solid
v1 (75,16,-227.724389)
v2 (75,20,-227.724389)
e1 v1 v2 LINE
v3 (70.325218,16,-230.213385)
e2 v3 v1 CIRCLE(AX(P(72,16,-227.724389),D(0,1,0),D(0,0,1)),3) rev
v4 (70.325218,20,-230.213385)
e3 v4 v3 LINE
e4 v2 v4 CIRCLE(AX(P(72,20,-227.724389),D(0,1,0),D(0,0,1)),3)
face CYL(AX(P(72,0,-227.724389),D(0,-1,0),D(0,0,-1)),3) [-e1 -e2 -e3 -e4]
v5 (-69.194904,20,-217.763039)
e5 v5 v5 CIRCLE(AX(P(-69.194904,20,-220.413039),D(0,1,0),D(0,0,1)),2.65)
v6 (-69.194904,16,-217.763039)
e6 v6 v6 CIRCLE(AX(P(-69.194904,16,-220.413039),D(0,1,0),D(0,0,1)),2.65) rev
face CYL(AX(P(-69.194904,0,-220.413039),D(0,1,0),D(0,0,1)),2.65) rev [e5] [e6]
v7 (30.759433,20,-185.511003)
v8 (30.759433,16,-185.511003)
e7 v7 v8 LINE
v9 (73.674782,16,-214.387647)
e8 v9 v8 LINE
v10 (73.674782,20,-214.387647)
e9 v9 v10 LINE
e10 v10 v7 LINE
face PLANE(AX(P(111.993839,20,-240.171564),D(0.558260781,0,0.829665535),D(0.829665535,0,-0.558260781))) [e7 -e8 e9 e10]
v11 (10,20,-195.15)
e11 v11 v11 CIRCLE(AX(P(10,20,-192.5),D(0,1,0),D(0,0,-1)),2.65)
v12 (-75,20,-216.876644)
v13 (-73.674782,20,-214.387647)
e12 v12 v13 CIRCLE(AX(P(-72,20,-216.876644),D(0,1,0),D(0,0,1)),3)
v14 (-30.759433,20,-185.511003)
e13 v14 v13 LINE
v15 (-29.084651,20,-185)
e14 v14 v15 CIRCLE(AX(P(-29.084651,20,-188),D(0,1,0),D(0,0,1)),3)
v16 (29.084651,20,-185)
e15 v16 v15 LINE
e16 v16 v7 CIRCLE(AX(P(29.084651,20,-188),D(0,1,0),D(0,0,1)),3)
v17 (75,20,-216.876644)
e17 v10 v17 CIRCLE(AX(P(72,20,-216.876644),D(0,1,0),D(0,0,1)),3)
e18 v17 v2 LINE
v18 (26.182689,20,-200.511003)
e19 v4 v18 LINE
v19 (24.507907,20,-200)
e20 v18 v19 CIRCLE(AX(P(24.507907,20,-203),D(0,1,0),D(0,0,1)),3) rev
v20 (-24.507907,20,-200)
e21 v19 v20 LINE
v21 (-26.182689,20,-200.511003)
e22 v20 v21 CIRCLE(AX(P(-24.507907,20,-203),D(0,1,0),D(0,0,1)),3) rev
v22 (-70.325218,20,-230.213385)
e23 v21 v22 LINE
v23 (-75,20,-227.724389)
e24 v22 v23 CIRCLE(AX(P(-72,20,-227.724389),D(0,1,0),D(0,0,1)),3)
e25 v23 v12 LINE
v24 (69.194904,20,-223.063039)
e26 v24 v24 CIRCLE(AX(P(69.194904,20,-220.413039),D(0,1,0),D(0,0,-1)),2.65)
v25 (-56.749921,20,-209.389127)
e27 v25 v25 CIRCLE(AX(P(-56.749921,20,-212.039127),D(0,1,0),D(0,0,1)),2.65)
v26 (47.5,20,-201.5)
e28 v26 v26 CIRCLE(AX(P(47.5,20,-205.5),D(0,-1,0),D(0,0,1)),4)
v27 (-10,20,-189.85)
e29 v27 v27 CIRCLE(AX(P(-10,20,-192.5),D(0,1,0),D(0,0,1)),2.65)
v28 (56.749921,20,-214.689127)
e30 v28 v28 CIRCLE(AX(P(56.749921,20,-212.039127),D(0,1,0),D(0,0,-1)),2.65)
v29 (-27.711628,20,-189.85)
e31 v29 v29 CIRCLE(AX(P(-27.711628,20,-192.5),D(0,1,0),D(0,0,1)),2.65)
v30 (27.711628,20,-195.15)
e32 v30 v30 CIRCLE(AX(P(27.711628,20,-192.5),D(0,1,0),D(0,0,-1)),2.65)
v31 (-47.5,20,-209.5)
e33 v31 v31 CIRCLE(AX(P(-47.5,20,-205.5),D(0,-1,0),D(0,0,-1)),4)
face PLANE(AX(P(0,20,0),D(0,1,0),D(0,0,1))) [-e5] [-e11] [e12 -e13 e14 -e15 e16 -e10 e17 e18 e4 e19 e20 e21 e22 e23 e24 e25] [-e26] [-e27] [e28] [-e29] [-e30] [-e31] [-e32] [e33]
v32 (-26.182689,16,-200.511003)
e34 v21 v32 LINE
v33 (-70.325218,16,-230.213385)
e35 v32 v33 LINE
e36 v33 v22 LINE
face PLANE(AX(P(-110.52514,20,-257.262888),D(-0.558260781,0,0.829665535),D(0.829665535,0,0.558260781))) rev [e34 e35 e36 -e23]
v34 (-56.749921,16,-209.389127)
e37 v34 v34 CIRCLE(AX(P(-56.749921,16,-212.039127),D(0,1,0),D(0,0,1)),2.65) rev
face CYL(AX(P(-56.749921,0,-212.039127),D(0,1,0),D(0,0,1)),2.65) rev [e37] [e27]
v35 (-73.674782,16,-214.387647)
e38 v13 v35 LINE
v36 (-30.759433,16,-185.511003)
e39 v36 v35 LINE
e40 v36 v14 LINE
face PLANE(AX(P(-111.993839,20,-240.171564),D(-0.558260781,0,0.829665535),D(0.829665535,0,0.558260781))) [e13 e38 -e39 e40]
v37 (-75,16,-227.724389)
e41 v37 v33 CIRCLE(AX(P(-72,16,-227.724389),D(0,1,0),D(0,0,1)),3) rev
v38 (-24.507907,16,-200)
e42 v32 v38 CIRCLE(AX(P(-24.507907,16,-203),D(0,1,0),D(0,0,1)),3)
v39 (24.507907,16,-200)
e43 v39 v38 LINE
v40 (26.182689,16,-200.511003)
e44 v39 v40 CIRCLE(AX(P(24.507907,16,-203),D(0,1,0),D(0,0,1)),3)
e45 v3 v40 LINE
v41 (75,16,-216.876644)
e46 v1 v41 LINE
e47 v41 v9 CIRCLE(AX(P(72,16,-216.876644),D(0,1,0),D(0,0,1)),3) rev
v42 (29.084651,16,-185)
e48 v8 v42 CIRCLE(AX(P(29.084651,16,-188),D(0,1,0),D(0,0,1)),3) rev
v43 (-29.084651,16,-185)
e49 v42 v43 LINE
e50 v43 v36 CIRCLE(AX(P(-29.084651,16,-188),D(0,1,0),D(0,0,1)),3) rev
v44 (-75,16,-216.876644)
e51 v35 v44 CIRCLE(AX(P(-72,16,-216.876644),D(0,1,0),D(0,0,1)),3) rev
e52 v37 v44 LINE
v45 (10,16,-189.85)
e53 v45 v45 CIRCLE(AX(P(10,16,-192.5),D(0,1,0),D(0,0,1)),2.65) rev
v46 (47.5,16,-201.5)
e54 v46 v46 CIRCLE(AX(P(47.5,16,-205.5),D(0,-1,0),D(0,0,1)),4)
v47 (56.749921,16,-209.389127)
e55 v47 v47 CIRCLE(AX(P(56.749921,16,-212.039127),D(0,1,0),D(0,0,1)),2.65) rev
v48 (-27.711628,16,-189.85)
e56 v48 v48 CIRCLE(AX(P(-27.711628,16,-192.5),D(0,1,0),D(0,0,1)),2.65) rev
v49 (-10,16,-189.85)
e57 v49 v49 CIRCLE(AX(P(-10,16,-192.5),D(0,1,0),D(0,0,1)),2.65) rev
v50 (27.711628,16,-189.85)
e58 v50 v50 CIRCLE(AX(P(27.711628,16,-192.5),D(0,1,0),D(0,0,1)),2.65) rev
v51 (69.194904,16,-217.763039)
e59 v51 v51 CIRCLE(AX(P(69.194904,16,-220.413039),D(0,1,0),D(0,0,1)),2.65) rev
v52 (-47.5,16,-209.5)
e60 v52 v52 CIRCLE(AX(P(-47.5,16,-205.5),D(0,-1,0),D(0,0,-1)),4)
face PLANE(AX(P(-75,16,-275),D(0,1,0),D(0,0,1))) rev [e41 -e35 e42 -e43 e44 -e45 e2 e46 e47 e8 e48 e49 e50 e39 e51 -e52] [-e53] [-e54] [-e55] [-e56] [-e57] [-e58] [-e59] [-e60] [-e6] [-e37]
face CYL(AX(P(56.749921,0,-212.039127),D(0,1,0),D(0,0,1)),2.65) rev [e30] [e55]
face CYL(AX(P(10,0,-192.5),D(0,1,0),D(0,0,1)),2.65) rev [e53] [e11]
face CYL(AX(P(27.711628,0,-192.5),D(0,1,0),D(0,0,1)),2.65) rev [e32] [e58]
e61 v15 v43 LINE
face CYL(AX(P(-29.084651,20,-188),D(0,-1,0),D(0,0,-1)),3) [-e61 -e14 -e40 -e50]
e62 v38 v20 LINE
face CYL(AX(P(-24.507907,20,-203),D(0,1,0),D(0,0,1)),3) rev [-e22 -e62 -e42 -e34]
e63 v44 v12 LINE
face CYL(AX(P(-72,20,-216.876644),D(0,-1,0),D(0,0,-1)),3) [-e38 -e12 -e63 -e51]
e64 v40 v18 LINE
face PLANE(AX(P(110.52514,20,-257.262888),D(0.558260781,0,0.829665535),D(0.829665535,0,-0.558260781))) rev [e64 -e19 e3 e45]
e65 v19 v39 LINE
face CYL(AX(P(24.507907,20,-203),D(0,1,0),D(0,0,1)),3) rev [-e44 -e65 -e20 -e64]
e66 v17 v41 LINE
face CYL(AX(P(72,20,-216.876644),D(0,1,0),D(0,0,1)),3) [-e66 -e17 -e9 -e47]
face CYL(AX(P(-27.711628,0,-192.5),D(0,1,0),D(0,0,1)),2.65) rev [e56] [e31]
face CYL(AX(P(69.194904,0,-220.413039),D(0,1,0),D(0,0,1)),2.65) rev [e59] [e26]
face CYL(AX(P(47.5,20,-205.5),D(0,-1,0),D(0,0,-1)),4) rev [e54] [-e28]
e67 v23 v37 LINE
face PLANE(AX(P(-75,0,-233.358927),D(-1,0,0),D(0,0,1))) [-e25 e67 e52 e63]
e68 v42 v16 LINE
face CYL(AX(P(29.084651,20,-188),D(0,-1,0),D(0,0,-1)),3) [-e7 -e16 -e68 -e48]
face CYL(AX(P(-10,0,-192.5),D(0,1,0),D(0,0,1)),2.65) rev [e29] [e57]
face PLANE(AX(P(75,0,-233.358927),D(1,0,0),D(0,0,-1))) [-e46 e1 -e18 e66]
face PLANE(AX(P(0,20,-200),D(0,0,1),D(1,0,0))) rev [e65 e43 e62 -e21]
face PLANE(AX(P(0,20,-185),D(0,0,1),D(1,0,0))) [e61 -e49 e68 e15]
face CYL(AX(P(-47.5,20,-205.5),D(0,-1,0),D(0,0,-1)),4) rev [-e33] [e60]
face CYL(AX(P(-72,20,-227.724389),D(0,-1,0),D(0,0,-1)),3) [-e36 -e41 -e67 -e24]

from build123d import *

# Parameters (mm, degrees)
SKETCH_1_R               = 275
SKETCH_1_R_2             = 255
EXTRUDE_1_DEPTH          = 10
EXTRUDE_2_DEPTH          = 10
SKETCH_8_R               = 2.65
SKETCH_8_R_2             = 1.65
SKETCH_8_R_3             = 2.15
CUT_EXTRUDE_1_DEPTH      = 21
SKETCH_9_OUTSIDE_W       = 707.614
SKETCH_9_OUTSIDE_H       = 707.614
CUT_EXTRUDE_2_DEPTH      = 21
SKETCH_10_W              = 150
SKETCH_10_H              = 32
CUT_EXTRUDE_3_DEPTH      = 91
SKETCH_11_R              = 275
SKETCH_11_R_2            = 255
CUT_EXTRUDE_4_DEPTH      = 11
CUT_EXTRUDE_4_DEPTH_BACK = 11
FILLET_1_R               = 3
SKETCH_13_R              = 4
CUT_EXTRUDE_6_DEPTH      = 5


with BuildPart() as part:
    # 草图1 → 凸台-拉伸1 (new body)
    with BuildSketch(Plane(origin=(0, 0, 0), x_dir=(1, 0, 0), z_dir=(0, 1, 0))):
        Circle(SKETCH_1_R)
        Circle(SKETCH_1_R_2, mode=Mode.SUBTRACT)
    extrude(amount=EXTRUDE_1_DEPTH)

    # 草图11 → 切除-拉伸4 (cut, two sides)
    with BuildSketch(Plane(origin=(0, 10, 0), x_dir=(1, 0, 0), z_dir=(0, 1, 0))) as cut_extrude_4_sk:
        Circle(SKETCH_11_R)
        Circle(SKETCH_11_R_2, mode=Mode.SUBTRACT)
    extrude(amount=CUT_EXTRUDE_4_DEPTH, mode=Mode.SUBTRACT)
    extrude(cut_extrude_4_sk.sketch, amount=-CUT_EXTRUDE_4_DEPTH_BACK, mode=Mode.SUBTRACT)


with BuildPart() as body_2:
    # 草图2 → 凸台-拉伸2 (new body)
    with BuildSketch(Plane(origin=(0, 10, 0), x_dir=(1, 0, 0), z_dir=(0, 1, 0))):
        with BuildLine():
            Line((-110.525139894, 257.262887824), (-25.423255477, 200))
            Line((-25.423255477, 200), (0, 200))
            Line((0, 200), (25.423255477, 200))
            Line((25.423255477, 200), (110.525139894, 257.262887824))
            ThreePointArc((110.525139894, 257.262887824), (197.989898732, 197.989898732), (257.262887824, 110.525139894))
            Line((257.262887824, 110.525139894), (200, 25.423255477))
            Line((200, 25.423255477), (200, 0))
            Line((200, 0), (200, -25.423255477))
            Line((200, -25.423255477), (257.262887824, -110.525139894))
            ThreePointArc((257.262887824, -110.525139894), (197.989898732, -197.989898732), (110.525139894, -257.262887824))
            Line((110.525139894, -257.262887824), (25.423255477, -200))
            Line((25.423255477, -200), (0, -200))
            Line((0, -200), (-25.423255477, -200))
            Line((-25.423255477, -200), (-110.525139894, -257.262887824))
            ThreePointArc((-110.525139894, -257.262887824), (-197.989898732, -197.989898732), (-257.262887824, -110.525139894))
            Line((-257.262887824, -110.525139894), (-200, -25.423255477))
            Line((-200, -25.423255477), (-200, 25.423255477))
            Line((-200, 25.423255477), (-257.262887824, 110.525139894))
            ThreePointArc((-257.262887824, 110.525139894), (-197.989898732, 197.989898732), (-110.525139894, 257.262887824))
        make_face()
        with BuildLine():
            Line((0, 185), (30, 185))
            Line((30, 185), (111.993839361, 240.171563565))
            ThreePointArc((111.993839361, 240.171563565), (187.383297014, 187.383297014), (240.171563565, 111.993839361))
            Line((240.171563565, 111.993839361), (185, 30))
            Line((185, 30), (185, 0))
            Line((185, 0), (185, -30))
            Line((185, -30), (240.171563565, -111.993839361))
            ThreePointArc((240.171563565, -111.993839361), (187.383297014, -187.383297014), (111.993839361, -240.171563565))
            Line((111.993839361, -240.171563565), (30, -185))
            Line((30, -185), (0, -185))
            Line((0, -185), (-30, -185))
            Line((-30, -185), (-111.993839361, -240.171563565))
            ThreePointArc((-111.993839361, -240.171563565), (-187.383297014, -187.383297014), (-240.171563565, -111.993839361))
            Line((-240.171563565, -111.993839361), (-185, -30))
            Line((-185, -30), (-185, 30))
            Line((-185, 30), (-240.171563565, 111.993839361))
            ThreePointArc((-240.171563565, 111.993839361), (-187.383297014, 187.383297014), (-111.993839361, 240.171563565))
            Line((-111.993839361, 240.171563565), (-30, 185))
            Line((-30, 185), (0, 185))
        make_face(mode=Mode.SUBTRACT)
    extrude(amount=EXTRUDE_2_DEPTH)

    # 草图8 → 切除-拉伸1 (cut, through all)
    with BuildSketch(Plane(origin=(0, 20, 0), x_dir=(1, 0, 0), z_dir=(0, 1, 0))):
        with Locations((-10, 192.5)):
            Circle(SKETCH_8_R)
        with Locations((10, 192.5)):
            Circle(SKETCH_8_R)
        with Locations((-10, -192.5)):
            Circle(SKETCH_8_R)
        with Locations((10, -192.5)):
            Circle(SKETCH_8_R)
        with Locations((192.5, 10)):
            Circle(SKETCH_8_R)
        with Locations((192.5, -10)):
            Circle(SKETCH_8_R)
        with Locations((-192.5, 10)):
            Circle(SKETCH_8_R)
        with Locations((-192.5, -10)):
            Circle(SKETCH_8_R)
        with Locations((-110.525139894, 248.223100485)):
            Circle(SKETCH_8_R_2)
        with Locations((-27.711627738, 192.5)):
            Circle(SKETCH_8_R)
        with Locations((-56.749921469, 212.03912734)):
            Circle(SKETCH_8_R)
        with Locations((-69.194904497, 220.413039057)):
            Circle(SKETCH_8_R)
        with Locations((-81.639887524, 228.786950774)):
            Circle(SKETCH_8_R)
        with Locations((-146.077022117, 230.028561882)):
            Circle(SKETCH_8_R_3)
        with Locations((-164.415519771, 217.299729706)):
            Circle(SKETCH_8_R_3)
        with Locations((-183.638937552, 201.316607082)):
            Circle(SKETCH_8_R_3)
        with Locations((-201.316607082, 183.638937552)):
            Circle(SKETCH_8_R_3)
        with Locations((-217.299729706, 164.415519771)):
            Circle(SKETCH_8_R_3)
        with Locations((-230.028561882, 146.077022117)):
            Circle(SKETCH_8_R_3)
        with Locations((-128.811575358, 240.123330241)):
            Circle(SKETCH_8_R)
        with Locations((-240.123330241, 128.811575358)):
            Circle(SKETCH_8_R)
        with Locations((-228.786950774, 81.639887524)):
            Circle(SKETCH_8_R)
        with Locations((-220.413039057, 69.194904497)):
            Circle(SKETCH_8_R)
        with Locations((-212.03912734, 56.749921469)):
            Circle(SKETCH_8_R)
        with Locations((-203.665215623, 44.304938442)):
            Circle(SKETCH_8_R)
        with Locations((-192.5, 27.711627738)):
            Circle(SKETCH_8_R)
        with Locations((-248.223100485, 110.525139894)):
            Circle(SKETCH_8_R_2)
        with Locations((192.5, 27.711627738)):
            Circle(SKETCH_8_R)
        with Locations((248.223100485, 110.525139894)):
            Circle(SKETCH_8_R_2)
        with Locations((203.665215623, 44.304938442)):
            Circle(SKETCH_8_R)
        with Locations((212.03912734, 56.749921469)):
            Circle(SKETCH_8_R)
        with Locations((220.413039057, 69.194904497)):
            Circle(SKETCH_8_R)
        with Locations((228.786950774, 81.639887524)):
            Circle(SKETCH_8_R)
        with Locations((240.123330241, 128.811575358)):
            Circle(SKETCH_8_R)
        with Locations((230.028561882, 146.077022117)):
            Circle(SKETCH_8_R_3)
        with Locations((128.811575358, 240.123330241)):
            Circle(SKETCH_8_R)
        with Locations((201.316607082, 183.638937552)):
            Circle(SKETCH_8_R_3)
        with Locations((183.638937552, 201.316607082)):
            Circle(SKETCH_8_R_3)
        with Locations((164.415519771, 217.299729706)):
            Circle(SKETCH_8_R_3)
        with Locations((146.077022117, 230.028561882)):
            Circle(SKETCH_8_R_3)
        with Locations((81.639887524, 228.786950774)):
            Circle(SKETCH_8_R)
        with Locations((69.194904497, 220.413039057)):
            Circle(SKETCH_8_R)
        with Locations((56.749921469, 212.03912734)):
            Circle(SKETCH_8_R)
        with Locations((110.525139894, 248.223100485)):
            Circle(SKETCH_8_R_2)
        with Locations((27.711627738, 192.5)):
            Circle(SKETCH_8_R)
        with Locations((217.299729706, 164.415519771)):
            Circle(SKETCH_8_R_3)
    extrude(amount=-CUT_EXTRUDE_1_DEPTH, mode=Mode.SUBTRACT)

    # 草图9 outside → 切除-拉伸2 (cut, through all)
    with BuildSketch(Plane(origin=(0, 20, 0), x_dir=(1, 0, 0), z_dir=(0, 1, 0))):
        Rectangle(SKETCH_9_OUTSIDE_W, SKETCH_9_OUTSIDE_H)
        Polygon((-75, 233.358927123), (-75, 215.279352446), (-30, 185), (30, 185), (75, 215.279352446), (75, 233.358927123), (25.423255477, 200), (-25.423255477, 200), align=None, mode=Mode.SUBTRACT)
    extrude(amount=-CUT_EXTRUDE_2_DEPTH, mode=Mode.SUBTRACT)

    # 草图10 → 切除-拉伸3 (cut, through all)
    with BuildSketch(Plane.XY.offset(-185)):
        Rectangle(SKETCH_10_W, SKETCH_10_H)
    extrude(amount=-CUT_EXTRUDE_3_DEPTH, mode=Mode.SUBTRACT)

    # 圆角1
    fillet_1_edges = [body_2.edges().sort_by_distance(p)[0] for p in [
        (-25.423255477, 18, -200),
        (25.423255477, 18, -200),
        (-75, 18, -215.279352446),
        (75, 18, -233.358927123),
        (75, 18, -215.279352446),
        (-75, 18, -233.358927123),
        (30, 18, -185),
        (-30, 18, -185),
    ]]
    fillet(fillet_1_edges, radius=FILLET_1_R)

    # 草图13 → 切除-拉伸6 (cut, through all)
    with BuildSketch(Plane.XZ.offset(-16)):
        with Locations((-47.5, -205.5)):
            Circle(SKETCH_13_R)
        with Locations((47.5, -205.5)):
            Circle(SKETCH_13_R)
    extrude(amount=-CUT_EXTRUDE_6_DEPTH, mode=Mode.SUBTRACT)


solid = body_2.part
